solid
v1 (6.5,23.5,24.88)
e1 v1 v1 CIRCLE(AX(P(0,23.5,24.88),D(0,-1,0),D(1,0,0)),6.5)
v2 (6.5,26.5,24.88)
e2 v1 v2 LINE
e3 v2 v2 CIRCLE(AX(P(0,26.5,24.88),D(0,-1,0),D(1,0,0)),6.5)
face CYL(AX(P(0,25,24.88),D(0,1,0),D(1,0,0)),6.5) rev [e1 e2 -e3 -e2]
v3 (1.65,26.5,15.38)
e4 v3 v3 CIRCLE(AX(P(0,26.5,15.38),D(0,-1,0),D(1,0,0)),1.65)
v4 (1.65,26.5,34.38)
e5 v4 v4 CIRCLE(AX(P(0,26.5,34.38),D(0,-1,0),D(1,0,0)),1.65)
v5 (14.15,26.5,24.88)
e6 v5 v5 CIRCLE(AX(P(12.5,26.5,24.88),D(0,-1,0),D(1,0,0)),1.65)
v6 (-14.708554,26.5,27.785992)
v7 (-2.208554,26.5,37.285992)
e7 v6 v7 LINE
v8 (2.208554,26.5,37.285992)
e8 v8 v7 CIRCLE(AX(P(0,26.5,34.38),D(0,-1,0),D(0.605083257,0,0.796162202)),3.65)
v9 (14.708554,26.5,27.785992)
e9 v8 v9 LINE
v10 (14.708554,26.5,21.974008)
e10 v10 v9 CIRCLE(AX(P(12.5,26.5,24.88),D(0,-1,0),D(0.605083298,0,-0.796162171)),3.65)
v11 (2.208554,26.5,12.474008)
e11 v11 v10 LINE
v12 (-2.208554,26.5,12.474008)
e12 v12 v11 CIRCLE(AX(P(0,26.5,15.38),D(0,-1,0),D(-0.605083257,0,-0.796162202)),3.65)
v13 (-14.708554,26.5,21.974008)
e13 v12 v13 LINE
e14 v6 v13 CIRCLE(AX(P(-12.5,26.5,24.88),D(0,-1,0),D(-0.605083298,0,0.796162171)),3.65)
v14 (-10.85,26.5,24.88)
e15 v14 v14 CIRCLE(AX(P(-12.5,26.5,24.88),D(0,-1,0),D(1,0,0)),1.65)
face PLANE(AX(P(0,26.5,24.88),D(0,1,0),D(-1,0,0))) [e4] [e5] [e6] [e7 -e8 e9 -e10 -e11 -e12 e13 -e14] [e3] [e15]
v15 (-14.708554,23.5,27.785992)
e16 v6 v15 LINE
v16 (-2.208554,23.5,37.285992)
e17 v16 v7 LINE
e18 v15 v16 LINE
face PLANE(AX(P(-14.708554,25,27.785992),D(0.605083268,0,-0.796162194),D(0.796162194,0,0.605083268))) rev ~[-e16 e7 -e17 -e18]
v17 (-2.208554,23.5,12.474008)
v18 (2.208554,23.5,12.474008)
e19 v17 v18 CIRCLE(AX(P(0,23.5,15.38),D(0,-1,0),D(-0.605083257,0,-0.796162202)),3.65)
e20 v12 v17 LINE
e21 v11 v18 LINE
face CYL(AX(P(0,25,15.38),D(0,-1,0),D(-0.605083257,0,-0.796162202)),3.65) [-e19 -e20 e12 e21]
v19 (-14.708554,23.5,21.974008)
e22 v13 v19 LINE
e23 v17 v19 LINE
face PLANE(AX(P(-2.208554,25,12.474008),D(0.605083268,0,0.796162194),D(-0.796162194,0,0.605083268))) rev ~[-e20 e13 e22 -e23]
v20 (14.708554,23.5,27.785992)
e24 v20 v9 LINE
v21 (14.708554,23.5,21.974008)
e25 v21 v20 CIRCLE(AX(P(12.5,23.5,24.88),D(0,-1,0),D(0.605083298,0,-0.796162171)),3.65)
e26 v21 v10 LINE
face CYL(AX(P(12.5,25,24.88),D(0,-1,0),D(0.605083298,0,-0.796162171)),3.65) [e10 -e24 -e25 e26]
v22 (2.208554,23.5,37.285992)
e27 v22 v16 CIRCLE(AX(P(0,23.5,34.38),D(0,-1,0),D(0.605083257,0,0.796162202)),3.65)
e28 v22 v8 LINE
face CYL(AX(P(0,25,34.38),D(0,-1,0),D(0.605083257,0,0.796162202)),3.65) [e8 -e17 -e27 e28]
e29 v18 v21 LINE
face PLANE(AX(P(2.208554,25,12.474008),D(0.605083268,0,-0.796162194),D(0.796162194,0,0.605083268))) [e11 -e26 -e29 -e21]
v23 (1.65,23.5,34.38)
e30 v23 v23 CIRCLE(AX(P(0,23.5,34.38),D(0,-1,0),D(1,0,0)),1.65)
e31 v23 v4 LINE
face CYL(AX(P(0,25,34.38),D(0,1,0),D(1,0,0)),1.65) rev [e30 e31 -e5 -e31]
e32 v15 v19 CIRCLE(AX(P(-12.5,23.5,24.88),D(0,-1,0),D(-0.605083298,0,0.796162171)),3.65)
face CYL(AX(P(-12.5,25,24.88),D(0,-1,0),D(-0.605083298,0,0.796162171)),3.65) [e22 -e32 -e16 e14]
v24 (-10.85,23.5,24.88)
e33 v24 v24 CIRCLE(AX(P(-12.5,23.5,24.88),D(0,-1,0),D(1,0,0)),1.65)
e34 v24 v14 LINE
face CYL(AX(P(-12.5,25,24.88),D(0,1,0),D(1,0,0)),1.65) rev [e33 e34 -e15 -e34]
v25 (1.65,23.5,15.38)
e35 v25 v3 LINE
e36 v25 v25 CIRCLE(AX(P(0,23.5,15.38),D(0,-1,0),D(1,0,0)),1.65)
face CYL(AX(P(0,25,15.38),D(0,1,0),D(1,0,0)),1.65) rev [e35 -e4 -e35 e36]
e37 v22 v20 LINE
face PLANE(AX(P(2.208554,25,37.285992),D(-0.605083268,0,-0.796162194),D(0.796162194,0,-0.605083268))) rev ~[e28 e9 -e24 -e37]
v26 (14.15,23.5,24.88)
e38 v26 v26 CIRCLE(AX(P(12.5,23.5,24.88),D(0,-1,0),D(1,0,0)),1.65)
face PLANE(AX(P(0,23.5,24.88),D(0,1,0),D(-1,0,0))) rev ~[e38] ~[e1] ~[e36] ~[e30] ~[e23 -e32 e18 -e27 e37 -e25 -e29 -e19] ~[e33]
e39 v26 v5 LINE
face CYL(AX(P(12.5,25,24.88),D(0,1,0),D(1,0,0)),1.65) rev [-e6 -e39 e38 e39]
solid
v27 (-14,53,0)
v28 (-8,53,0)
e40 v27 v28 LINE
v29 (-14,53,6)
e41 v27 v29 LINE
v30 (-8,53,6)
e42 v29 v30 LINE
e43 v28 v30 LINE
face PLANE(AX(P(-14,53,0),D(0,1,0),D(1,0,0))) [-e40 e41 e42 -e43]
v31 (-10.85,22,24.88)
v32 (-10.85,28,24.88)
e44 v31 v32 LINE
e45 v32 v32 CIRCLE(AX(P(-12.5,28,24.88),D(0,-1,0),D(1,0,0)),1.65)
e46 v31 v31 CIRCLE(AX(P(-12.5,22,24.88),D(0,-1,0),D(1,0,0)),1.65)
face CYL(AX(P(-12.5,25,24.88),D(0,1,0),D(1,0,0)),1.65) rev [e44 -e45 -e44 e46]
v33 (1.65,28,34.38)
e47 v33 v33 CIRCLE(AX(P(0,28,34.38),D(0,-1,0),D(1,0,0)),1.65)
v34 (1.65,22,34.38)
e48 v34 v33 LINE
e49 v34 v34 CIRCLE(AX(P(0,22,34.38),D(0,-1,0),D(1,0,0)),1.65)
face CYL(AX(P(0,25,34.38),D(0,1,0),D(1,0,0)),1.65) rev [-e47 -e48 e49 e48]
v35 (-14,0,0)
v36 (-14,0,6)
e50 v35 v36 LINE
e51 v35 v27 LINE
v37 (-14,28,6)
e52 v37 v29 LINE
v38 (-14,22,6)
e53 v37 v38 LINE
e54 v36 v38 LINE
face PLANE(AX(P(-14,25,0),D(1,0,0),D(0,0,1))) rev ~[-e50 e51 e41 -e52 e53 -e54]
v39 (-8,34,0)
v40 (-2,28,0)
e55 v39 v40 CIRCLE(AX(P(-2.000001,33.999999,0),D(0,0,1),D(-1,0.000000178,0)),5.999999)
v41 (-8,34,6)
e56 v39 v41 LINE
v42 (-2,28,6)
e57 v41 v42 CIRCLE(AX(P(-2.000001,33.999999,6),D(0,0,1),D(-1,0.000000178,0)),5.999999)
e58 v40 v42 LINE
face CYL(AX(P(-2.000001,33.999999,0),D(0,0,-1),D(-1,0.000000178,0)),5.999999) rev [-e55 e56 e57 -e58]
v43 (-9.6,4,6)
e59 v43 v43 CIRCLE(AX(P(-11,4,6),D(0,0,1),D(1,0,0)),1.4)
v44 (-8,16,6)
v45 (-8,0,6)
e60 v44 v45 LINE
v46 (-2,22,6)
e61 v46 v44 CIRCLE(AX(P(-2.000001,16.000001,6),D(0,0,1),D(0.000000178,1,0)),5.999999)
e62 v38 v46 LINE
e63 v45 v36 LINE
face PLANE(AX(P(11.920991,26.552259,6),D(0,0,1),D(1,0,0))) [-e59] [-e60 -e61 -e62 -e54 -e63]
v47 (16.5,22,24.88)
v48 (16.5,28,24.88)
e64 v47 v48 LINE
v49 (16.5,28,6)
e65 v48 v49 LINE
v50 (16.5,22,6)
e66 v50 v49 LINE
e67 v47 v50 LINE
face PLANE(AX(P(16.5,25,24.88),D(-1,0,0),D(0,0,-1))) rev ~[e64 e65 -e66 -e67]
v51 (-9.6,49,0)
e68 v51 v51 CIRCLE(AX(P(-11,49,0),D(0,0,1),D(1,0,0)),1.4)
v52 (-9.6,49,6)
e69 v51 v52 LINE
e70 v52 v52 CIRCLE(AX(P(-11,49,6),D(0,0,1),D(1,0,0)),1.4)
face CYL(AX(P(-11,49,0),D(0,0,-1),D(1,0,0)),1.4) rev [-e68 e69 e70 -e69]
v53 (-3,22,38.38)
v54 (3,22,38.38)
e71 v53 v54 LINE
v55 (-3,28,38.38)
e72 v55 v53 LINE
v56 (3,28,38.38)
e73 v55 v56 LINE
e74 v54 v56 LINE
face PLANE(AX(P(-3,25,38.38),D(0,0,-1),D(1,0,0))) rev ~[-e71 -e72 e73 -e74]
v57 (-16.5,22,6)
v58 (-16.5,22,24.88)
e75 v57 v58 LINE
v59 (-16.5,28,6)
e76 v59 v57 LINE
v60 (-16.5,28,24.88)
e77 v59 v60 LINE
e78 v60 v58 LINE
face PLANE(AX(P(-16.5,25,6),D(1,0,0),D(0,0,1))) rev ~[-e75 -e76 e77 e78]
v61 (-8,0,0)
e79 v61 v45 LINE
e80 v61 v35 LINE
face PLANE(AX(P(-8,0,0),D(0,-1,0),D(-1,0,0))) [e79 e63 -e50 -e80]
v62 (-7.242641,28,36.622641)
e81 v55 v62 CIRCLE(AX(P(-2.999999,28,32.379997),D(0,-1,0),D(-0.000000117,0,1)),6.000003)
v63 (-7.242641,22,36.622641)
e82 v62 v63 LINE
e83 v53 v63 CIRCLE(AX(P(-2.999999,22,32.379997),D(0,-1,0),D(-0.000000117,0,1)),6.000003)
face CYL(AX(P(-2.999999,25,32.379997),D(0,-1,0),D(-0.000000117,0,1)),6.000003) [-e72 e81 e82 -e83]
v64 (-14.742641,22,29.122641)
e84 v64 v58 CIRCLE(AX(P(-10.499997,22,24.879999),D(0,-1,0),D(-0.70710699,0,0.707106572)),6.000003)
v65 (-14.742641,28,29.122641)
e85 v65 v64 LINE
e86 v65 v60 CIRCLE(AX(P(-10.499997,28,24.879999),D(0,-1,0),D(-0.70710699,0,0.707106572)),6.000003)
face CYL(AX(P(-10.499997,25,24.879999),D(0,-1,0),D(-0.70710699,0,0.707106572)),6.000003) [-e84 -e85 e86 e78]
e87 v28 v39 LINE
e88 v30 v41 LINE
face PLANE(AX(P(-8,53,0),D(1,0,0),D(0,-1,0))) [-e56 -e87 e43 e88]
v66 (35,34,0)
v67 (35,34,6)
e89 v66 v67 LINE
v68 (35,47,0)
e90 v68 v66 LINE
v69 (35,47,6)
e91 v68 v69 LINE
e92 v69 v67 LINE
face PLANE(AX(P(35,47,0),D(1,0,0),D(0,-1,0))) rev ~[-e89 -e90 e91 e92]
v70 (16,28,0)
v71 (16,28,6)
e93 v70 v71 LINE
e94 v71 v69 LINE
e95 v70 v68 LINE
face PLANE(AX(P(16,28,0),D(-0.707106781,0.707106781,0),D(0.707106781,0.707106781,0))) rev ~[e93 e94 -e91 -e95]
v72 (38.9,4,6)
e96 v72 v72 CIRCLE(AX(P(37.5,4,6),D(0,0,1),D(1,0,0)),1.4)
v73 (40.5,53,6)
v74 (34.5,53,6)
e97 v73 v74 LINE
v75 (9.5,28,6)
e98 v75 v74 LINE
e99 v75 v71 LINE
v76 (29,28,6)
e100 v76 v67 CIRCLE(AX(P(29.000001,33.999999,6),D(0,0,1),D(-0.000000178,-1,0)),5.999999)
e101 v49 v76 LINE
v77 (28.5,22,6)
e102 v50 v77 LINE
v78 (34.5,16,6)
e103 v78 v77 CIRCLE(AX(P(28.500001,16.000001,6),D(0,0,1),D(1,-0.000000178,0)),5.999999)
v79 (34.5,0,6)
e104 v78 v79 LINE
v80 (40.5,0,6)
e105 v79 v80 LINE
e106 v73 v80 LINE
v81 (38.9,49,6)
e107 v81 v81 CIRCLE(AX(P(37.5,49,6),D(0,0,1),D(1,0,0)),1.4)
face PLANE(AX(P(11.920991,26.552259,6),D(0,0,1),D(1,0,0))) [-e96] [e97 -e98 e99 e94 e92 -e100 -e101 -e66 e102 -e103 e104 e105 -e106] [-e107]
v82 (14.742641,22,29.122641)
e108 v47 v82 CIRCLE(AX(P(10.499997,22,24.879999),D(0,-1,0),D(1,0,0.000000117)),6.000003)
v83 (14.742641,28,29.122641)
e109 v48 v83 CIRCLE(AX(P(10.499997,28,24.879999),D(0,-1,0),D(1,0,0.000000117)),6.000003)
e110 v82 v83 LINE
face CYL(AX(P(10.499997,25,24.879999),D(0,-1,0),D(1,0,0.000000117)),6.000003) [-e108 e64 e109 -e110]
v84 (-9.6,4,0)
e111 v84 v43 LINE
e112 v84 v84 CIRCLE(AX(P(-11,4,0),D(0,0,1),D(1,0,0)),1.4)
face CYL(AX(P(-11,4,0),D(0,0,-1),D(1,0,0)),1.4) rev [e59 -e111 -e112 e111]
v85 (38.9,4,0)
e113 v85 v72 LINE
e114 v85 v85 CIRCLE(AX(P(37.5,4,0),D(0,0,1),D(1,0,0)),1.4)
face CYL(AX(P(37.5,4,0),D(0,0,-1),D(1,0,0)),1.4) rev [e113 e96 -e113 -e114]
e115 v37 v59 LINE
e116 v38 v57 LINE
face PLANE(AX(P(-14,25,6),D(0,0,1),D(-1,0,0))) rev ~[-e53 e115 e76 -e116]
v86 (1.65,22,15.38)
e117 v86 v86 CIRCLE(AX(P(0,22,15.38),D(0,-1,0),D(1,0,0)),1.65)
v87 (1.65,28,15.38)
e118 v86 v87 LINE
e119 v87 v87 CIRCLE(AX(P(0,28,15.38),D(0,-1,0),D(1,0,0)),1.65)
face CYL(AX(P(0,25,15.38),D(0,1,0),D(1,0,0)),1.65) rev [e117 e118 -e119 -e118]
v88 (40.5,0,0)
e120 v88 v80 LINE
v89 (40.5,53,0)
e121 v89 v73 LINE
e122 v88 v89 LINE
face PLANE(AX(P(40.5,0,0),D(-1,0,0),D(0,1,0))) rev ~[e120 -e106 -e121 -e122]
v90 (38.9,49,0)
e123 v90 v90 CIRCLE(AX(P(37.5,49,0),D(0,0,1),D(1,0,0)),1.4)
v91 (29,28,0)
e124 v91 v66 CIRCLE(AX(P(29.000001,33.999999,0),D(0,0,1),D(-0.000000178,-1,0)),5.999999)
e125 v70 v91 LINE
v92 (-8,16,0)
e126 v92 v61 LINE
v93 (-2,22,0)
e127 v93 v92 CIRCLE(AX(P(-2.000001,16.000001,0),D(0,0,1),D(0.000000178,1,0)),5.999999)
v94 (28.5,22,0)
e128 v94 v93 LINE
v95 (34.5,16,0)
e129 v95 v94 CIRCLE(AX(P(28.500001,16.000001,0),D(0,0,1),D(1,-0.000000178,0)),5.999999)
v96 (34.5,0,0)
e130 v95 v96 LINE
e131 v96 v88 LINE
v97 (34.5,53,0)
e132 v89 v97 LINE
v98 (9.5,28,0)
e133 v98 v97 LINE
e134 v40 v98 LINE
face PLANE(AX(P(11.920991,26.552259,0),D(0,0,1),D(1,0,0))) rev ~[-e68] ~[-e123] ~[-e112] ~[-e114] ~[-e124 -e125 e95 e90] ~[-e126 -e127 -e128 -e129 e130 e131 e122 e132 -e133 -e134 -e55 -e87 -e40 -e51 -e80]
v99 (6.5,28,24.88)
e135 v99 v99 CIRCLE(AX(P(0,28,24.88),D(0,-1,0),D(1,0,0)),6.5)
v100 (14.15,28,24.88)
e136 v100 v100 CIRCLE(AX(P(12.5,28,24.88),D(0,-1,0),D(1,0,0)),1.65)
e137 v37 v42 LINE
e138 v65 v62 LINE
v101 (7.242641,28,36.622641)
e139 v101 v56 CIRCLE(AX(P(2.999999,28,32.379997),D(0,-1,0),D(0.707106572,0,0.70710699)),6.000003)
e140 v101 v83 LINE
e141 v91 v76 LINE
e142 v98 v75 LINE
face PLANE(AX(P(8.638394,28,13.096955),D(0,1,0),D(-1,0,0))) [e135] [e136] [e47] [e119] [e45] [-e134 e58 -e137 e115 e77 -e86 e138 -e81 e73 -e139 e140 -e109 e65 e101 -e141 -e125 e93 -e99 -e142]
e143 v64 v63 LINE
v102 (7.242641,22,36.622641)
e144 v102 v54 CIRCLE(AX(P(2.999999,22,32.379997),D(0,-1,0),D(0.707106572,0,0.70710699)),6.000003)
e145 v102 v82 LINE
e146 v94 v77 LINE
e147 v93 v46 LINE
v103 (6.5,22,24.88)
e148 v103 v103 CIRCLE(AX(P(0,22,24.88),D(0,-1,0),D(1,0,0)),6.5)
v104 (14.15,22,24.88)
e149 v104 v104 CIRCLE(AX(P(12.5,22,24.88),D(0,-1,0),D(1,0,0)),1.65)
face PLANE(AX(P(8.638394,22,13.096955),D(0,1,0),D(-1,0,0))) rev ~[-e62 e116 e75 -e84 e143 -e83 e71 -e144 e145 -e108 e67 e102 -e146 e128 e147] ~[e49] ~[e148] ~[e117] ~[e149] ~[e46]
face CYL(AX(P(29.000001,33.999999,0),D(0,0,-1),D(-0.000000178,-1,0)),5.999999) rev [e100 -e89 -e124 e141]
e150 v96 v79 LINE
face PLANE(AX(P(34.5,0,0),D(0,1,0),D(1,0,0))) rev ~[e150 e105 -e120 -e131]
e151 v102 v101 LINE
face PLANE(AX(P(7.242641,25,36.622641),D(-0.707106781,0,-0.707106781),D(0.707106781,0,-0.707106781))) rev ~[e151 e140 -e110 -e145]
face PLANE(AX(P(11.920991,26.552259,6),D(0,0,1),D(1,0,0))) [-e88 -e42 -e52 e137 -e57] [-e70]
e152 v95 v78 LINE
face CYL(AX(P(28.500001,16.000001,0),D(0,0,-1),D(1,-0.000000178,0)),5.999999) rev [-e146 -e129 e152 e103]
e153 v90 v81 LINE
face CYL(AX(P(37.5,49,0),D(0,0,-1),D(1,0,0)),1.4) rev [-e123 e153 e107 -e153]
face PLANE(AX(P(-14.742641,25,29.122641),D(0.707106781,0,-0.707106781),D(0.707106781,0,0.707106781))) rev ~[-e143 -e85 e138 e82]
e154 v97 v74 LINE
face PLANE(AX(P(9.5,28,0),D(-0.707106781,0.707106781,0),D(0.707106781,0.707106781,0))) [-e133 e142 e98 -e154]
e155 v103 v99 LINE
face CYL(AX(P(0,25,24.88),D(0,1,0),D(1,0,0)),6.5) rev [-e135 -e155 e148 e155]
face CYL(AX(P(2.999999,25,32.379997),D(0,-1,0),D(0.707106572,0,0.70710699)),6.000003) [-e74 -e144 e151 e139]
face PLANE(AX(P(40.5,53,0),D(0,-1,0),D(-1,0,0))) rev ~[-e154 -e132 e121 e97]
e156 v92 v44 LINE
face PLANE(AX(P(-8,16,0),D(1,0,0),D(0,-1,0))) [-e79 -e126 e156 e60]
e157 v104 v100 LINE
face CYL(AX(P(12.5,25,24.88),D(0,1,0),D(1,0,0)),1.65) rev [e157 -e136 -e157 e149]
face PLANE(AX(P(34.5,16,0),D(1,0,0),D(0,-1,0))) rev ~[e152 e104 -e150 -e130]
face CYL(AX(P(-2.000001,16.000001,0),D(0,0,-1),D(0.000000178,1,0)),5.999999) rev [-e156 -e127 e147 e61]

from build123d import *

# Parameters (mm, degrees)
SKETCH_R      = 1.65
SKETCH_R_2    = 6.5
PAD_DEPTH     = 3
SKETCH002_R   = 1.4
PAD001_DEPTH  = 6
SKETCH003_R   = 1.65
SKETCH003_R_2 = 6.5
PAD002_DEPTH  = 1.5


with BuildPart() as body:
    # Sketch → Pad (new body, symmetric)
    with BuildSketch(Plane(origin=(0, 25, 24.88), x_dir=(1, 0, 0), z_dir=(0, -1, 0))):
        with BuildLine():
            Line((-3, 13.5), (3, 13.5))
            ThreePointArc((7.242641, 11.742641), (5.296101, 13.043277), (3, 13.5))
            Line((7.242641, 11.742641), (14.742641, 4.242641))
            ThreePointArc((16.5, 0), (16.043277, 2.296101), (14.742641, 4.242641))
            Line((16.5, 0), (16.5, -18.88))
            Line((16.5, -18.88), (40.5, -18.88))
            Line((40.5, -18.88), (40.5, -24.88))
            Line((40.5, -24.88), (-14, -24.88))
            Line((-14, -24.88), (-14, -18.88))
            Line((-14, -18.88), (-16.5, -18.88))
            Line((-16.5, -18.88), (-16.5, 0))
            ThreePointArc((-14.742641, 4.242641), (-16.043277, 2.296101), (-16.5, 0))
            Line((-14.742641, 4.242641), (-7.242641, 11.742641))
            ThreePointArc((-3, 13.5), (-5.296101, 13.043277), (-7.242641, 11.742641))
        make_face()
        with Locations((-12.5, 0)):
            Circle(SKETCH_R, mode=Mode.SUBTRACT)
        with Locations((12.5, 0)):
            Circle(SKETCH_R, mode=Mode.SUBTRACT)
        with Locations((0, 9.5)):
            Circle(SKETCH_R, mode=Mode.SUBTRACT)
        with Locations((0, -9.5)):
            Circle(SKETCH_R, mode=Mode.SUBTRACT)
        Circle(SKETCH_R_2, mode=Mode.SUBTRACT)
    extrude(amount=PAD_DEPTH, both=True)

    # Sketch002 → Pad001 (join)
    with BuildSketch(Plane.XY):
        with BuildLine():
            Line((34.5, 0), (40.5, 0))
            Line((40.5, 0), (40.5, 53))
            Line((40.5, 53), (34.5, 53))
            Line((9.5, 28), (34.5, 53))
            Line((-2, 28), (9.5, 28))
            ThreePointArc((-8, 34), (-6.242641, 29.757359), (-2, 28))
            Line((-8, 53), (-8, 34))
            Line((-14, 53), (-8, 53))
            Line((-14, 0), (-14, 53))
            Line((-8, 0), (-14, 0))
            Line((-8, 16), (-8, 0))
            ThreePointArc((-2, 22), (-6.242641, 20.242641), (-8, 16))
            Line((28.5, 22), (-2, 22))
            ThreePointArc((34.5, 16), (32.742641, 20.242641), (28.5, 22))
            Line((34.5, 16), (34.5, 0))
        make_face()
        with Locations((-11, 49)):
            Circle(SKETCH002_R, mode=Mode.SUBTRACT)
        with Locations((37.5, 49)):
            Circle(SKETCH002_R, mode=Mode.SUBTRACT)
        with Locations((-11, 4)):
            Circle(SKETCH002_R, mode=Mode.SUBTRACT)
        with Locations((37.5, 4)):
            Circle(SKETCH002_R, mode=Mode.SUBTRACT)
        with BuildLine():
            Line((35, 47), (35, 34))
            ThreePointArc((29, 28), (33.242641, 29.757359), (35, 34))
            Line((16, 28), (29, 28))
            Line((16, 28), (35, 47))
        make_face(mode=Mode.SUBTRACT)
    extrude(amount=PAD001_DEPTH)


with BuildPart() as body001:
    # Sketch003 → Pad002 (new body, symmetric)
    with BuildSketch(Plane(origin=(0, 25, 24.88), x_dir=(1, 0, 0), z_dir=(0, -1, 0))):
        with BuildLine():
            Line((-14.708554, 2.905992), (-2.208554, 12.405992))
            ThreePointArc((2.208554, 12.405992), (0, 13.15), (-2.208554, 12.405992))
            Line((2.208554, 12.405992), (14.708554, 2.905992))
            ThreePointArc((14.708554, -2.905992), (16.15, 0), (14.708554, 2.905992))
            Line((2.208554, -12.405992), (14.708554, -2.905992))
            ThreePointArc((-2.208554, -12.405992), (0, -13.15), (2.208554, -12.405992))
            Line((-2.208554, -12.405992), (-14.708554, -2.905992))
            ThreePointArc((-14.708554, 2.905992), (-16.15, 0), (-14.708554, -2.905992))
        make_face()
        with Locations((-12.5, 0)):
            Circle(SKETCH003_R, mode=Mode.SUBTRACT)
        with Locations((12.5, 0)):
            Circle(SKETCH003_R, mode=Mode.SUBTRACT)
        with Locations((0, 9.5)):
            Circle(SKETCH003_R, mode=Mode.SUBTRACT)
        with Locations((0, -9.5)):
            Circle(SKETCH003_R, mode=Mode.SUBTRACT)
        Circle(SKETCH003_R_2, mode=Mode.SUBTRACT)
    extrude(amount=PAD002_DEPTH, both=True)


solid = Compound([body.part, body001.part])
